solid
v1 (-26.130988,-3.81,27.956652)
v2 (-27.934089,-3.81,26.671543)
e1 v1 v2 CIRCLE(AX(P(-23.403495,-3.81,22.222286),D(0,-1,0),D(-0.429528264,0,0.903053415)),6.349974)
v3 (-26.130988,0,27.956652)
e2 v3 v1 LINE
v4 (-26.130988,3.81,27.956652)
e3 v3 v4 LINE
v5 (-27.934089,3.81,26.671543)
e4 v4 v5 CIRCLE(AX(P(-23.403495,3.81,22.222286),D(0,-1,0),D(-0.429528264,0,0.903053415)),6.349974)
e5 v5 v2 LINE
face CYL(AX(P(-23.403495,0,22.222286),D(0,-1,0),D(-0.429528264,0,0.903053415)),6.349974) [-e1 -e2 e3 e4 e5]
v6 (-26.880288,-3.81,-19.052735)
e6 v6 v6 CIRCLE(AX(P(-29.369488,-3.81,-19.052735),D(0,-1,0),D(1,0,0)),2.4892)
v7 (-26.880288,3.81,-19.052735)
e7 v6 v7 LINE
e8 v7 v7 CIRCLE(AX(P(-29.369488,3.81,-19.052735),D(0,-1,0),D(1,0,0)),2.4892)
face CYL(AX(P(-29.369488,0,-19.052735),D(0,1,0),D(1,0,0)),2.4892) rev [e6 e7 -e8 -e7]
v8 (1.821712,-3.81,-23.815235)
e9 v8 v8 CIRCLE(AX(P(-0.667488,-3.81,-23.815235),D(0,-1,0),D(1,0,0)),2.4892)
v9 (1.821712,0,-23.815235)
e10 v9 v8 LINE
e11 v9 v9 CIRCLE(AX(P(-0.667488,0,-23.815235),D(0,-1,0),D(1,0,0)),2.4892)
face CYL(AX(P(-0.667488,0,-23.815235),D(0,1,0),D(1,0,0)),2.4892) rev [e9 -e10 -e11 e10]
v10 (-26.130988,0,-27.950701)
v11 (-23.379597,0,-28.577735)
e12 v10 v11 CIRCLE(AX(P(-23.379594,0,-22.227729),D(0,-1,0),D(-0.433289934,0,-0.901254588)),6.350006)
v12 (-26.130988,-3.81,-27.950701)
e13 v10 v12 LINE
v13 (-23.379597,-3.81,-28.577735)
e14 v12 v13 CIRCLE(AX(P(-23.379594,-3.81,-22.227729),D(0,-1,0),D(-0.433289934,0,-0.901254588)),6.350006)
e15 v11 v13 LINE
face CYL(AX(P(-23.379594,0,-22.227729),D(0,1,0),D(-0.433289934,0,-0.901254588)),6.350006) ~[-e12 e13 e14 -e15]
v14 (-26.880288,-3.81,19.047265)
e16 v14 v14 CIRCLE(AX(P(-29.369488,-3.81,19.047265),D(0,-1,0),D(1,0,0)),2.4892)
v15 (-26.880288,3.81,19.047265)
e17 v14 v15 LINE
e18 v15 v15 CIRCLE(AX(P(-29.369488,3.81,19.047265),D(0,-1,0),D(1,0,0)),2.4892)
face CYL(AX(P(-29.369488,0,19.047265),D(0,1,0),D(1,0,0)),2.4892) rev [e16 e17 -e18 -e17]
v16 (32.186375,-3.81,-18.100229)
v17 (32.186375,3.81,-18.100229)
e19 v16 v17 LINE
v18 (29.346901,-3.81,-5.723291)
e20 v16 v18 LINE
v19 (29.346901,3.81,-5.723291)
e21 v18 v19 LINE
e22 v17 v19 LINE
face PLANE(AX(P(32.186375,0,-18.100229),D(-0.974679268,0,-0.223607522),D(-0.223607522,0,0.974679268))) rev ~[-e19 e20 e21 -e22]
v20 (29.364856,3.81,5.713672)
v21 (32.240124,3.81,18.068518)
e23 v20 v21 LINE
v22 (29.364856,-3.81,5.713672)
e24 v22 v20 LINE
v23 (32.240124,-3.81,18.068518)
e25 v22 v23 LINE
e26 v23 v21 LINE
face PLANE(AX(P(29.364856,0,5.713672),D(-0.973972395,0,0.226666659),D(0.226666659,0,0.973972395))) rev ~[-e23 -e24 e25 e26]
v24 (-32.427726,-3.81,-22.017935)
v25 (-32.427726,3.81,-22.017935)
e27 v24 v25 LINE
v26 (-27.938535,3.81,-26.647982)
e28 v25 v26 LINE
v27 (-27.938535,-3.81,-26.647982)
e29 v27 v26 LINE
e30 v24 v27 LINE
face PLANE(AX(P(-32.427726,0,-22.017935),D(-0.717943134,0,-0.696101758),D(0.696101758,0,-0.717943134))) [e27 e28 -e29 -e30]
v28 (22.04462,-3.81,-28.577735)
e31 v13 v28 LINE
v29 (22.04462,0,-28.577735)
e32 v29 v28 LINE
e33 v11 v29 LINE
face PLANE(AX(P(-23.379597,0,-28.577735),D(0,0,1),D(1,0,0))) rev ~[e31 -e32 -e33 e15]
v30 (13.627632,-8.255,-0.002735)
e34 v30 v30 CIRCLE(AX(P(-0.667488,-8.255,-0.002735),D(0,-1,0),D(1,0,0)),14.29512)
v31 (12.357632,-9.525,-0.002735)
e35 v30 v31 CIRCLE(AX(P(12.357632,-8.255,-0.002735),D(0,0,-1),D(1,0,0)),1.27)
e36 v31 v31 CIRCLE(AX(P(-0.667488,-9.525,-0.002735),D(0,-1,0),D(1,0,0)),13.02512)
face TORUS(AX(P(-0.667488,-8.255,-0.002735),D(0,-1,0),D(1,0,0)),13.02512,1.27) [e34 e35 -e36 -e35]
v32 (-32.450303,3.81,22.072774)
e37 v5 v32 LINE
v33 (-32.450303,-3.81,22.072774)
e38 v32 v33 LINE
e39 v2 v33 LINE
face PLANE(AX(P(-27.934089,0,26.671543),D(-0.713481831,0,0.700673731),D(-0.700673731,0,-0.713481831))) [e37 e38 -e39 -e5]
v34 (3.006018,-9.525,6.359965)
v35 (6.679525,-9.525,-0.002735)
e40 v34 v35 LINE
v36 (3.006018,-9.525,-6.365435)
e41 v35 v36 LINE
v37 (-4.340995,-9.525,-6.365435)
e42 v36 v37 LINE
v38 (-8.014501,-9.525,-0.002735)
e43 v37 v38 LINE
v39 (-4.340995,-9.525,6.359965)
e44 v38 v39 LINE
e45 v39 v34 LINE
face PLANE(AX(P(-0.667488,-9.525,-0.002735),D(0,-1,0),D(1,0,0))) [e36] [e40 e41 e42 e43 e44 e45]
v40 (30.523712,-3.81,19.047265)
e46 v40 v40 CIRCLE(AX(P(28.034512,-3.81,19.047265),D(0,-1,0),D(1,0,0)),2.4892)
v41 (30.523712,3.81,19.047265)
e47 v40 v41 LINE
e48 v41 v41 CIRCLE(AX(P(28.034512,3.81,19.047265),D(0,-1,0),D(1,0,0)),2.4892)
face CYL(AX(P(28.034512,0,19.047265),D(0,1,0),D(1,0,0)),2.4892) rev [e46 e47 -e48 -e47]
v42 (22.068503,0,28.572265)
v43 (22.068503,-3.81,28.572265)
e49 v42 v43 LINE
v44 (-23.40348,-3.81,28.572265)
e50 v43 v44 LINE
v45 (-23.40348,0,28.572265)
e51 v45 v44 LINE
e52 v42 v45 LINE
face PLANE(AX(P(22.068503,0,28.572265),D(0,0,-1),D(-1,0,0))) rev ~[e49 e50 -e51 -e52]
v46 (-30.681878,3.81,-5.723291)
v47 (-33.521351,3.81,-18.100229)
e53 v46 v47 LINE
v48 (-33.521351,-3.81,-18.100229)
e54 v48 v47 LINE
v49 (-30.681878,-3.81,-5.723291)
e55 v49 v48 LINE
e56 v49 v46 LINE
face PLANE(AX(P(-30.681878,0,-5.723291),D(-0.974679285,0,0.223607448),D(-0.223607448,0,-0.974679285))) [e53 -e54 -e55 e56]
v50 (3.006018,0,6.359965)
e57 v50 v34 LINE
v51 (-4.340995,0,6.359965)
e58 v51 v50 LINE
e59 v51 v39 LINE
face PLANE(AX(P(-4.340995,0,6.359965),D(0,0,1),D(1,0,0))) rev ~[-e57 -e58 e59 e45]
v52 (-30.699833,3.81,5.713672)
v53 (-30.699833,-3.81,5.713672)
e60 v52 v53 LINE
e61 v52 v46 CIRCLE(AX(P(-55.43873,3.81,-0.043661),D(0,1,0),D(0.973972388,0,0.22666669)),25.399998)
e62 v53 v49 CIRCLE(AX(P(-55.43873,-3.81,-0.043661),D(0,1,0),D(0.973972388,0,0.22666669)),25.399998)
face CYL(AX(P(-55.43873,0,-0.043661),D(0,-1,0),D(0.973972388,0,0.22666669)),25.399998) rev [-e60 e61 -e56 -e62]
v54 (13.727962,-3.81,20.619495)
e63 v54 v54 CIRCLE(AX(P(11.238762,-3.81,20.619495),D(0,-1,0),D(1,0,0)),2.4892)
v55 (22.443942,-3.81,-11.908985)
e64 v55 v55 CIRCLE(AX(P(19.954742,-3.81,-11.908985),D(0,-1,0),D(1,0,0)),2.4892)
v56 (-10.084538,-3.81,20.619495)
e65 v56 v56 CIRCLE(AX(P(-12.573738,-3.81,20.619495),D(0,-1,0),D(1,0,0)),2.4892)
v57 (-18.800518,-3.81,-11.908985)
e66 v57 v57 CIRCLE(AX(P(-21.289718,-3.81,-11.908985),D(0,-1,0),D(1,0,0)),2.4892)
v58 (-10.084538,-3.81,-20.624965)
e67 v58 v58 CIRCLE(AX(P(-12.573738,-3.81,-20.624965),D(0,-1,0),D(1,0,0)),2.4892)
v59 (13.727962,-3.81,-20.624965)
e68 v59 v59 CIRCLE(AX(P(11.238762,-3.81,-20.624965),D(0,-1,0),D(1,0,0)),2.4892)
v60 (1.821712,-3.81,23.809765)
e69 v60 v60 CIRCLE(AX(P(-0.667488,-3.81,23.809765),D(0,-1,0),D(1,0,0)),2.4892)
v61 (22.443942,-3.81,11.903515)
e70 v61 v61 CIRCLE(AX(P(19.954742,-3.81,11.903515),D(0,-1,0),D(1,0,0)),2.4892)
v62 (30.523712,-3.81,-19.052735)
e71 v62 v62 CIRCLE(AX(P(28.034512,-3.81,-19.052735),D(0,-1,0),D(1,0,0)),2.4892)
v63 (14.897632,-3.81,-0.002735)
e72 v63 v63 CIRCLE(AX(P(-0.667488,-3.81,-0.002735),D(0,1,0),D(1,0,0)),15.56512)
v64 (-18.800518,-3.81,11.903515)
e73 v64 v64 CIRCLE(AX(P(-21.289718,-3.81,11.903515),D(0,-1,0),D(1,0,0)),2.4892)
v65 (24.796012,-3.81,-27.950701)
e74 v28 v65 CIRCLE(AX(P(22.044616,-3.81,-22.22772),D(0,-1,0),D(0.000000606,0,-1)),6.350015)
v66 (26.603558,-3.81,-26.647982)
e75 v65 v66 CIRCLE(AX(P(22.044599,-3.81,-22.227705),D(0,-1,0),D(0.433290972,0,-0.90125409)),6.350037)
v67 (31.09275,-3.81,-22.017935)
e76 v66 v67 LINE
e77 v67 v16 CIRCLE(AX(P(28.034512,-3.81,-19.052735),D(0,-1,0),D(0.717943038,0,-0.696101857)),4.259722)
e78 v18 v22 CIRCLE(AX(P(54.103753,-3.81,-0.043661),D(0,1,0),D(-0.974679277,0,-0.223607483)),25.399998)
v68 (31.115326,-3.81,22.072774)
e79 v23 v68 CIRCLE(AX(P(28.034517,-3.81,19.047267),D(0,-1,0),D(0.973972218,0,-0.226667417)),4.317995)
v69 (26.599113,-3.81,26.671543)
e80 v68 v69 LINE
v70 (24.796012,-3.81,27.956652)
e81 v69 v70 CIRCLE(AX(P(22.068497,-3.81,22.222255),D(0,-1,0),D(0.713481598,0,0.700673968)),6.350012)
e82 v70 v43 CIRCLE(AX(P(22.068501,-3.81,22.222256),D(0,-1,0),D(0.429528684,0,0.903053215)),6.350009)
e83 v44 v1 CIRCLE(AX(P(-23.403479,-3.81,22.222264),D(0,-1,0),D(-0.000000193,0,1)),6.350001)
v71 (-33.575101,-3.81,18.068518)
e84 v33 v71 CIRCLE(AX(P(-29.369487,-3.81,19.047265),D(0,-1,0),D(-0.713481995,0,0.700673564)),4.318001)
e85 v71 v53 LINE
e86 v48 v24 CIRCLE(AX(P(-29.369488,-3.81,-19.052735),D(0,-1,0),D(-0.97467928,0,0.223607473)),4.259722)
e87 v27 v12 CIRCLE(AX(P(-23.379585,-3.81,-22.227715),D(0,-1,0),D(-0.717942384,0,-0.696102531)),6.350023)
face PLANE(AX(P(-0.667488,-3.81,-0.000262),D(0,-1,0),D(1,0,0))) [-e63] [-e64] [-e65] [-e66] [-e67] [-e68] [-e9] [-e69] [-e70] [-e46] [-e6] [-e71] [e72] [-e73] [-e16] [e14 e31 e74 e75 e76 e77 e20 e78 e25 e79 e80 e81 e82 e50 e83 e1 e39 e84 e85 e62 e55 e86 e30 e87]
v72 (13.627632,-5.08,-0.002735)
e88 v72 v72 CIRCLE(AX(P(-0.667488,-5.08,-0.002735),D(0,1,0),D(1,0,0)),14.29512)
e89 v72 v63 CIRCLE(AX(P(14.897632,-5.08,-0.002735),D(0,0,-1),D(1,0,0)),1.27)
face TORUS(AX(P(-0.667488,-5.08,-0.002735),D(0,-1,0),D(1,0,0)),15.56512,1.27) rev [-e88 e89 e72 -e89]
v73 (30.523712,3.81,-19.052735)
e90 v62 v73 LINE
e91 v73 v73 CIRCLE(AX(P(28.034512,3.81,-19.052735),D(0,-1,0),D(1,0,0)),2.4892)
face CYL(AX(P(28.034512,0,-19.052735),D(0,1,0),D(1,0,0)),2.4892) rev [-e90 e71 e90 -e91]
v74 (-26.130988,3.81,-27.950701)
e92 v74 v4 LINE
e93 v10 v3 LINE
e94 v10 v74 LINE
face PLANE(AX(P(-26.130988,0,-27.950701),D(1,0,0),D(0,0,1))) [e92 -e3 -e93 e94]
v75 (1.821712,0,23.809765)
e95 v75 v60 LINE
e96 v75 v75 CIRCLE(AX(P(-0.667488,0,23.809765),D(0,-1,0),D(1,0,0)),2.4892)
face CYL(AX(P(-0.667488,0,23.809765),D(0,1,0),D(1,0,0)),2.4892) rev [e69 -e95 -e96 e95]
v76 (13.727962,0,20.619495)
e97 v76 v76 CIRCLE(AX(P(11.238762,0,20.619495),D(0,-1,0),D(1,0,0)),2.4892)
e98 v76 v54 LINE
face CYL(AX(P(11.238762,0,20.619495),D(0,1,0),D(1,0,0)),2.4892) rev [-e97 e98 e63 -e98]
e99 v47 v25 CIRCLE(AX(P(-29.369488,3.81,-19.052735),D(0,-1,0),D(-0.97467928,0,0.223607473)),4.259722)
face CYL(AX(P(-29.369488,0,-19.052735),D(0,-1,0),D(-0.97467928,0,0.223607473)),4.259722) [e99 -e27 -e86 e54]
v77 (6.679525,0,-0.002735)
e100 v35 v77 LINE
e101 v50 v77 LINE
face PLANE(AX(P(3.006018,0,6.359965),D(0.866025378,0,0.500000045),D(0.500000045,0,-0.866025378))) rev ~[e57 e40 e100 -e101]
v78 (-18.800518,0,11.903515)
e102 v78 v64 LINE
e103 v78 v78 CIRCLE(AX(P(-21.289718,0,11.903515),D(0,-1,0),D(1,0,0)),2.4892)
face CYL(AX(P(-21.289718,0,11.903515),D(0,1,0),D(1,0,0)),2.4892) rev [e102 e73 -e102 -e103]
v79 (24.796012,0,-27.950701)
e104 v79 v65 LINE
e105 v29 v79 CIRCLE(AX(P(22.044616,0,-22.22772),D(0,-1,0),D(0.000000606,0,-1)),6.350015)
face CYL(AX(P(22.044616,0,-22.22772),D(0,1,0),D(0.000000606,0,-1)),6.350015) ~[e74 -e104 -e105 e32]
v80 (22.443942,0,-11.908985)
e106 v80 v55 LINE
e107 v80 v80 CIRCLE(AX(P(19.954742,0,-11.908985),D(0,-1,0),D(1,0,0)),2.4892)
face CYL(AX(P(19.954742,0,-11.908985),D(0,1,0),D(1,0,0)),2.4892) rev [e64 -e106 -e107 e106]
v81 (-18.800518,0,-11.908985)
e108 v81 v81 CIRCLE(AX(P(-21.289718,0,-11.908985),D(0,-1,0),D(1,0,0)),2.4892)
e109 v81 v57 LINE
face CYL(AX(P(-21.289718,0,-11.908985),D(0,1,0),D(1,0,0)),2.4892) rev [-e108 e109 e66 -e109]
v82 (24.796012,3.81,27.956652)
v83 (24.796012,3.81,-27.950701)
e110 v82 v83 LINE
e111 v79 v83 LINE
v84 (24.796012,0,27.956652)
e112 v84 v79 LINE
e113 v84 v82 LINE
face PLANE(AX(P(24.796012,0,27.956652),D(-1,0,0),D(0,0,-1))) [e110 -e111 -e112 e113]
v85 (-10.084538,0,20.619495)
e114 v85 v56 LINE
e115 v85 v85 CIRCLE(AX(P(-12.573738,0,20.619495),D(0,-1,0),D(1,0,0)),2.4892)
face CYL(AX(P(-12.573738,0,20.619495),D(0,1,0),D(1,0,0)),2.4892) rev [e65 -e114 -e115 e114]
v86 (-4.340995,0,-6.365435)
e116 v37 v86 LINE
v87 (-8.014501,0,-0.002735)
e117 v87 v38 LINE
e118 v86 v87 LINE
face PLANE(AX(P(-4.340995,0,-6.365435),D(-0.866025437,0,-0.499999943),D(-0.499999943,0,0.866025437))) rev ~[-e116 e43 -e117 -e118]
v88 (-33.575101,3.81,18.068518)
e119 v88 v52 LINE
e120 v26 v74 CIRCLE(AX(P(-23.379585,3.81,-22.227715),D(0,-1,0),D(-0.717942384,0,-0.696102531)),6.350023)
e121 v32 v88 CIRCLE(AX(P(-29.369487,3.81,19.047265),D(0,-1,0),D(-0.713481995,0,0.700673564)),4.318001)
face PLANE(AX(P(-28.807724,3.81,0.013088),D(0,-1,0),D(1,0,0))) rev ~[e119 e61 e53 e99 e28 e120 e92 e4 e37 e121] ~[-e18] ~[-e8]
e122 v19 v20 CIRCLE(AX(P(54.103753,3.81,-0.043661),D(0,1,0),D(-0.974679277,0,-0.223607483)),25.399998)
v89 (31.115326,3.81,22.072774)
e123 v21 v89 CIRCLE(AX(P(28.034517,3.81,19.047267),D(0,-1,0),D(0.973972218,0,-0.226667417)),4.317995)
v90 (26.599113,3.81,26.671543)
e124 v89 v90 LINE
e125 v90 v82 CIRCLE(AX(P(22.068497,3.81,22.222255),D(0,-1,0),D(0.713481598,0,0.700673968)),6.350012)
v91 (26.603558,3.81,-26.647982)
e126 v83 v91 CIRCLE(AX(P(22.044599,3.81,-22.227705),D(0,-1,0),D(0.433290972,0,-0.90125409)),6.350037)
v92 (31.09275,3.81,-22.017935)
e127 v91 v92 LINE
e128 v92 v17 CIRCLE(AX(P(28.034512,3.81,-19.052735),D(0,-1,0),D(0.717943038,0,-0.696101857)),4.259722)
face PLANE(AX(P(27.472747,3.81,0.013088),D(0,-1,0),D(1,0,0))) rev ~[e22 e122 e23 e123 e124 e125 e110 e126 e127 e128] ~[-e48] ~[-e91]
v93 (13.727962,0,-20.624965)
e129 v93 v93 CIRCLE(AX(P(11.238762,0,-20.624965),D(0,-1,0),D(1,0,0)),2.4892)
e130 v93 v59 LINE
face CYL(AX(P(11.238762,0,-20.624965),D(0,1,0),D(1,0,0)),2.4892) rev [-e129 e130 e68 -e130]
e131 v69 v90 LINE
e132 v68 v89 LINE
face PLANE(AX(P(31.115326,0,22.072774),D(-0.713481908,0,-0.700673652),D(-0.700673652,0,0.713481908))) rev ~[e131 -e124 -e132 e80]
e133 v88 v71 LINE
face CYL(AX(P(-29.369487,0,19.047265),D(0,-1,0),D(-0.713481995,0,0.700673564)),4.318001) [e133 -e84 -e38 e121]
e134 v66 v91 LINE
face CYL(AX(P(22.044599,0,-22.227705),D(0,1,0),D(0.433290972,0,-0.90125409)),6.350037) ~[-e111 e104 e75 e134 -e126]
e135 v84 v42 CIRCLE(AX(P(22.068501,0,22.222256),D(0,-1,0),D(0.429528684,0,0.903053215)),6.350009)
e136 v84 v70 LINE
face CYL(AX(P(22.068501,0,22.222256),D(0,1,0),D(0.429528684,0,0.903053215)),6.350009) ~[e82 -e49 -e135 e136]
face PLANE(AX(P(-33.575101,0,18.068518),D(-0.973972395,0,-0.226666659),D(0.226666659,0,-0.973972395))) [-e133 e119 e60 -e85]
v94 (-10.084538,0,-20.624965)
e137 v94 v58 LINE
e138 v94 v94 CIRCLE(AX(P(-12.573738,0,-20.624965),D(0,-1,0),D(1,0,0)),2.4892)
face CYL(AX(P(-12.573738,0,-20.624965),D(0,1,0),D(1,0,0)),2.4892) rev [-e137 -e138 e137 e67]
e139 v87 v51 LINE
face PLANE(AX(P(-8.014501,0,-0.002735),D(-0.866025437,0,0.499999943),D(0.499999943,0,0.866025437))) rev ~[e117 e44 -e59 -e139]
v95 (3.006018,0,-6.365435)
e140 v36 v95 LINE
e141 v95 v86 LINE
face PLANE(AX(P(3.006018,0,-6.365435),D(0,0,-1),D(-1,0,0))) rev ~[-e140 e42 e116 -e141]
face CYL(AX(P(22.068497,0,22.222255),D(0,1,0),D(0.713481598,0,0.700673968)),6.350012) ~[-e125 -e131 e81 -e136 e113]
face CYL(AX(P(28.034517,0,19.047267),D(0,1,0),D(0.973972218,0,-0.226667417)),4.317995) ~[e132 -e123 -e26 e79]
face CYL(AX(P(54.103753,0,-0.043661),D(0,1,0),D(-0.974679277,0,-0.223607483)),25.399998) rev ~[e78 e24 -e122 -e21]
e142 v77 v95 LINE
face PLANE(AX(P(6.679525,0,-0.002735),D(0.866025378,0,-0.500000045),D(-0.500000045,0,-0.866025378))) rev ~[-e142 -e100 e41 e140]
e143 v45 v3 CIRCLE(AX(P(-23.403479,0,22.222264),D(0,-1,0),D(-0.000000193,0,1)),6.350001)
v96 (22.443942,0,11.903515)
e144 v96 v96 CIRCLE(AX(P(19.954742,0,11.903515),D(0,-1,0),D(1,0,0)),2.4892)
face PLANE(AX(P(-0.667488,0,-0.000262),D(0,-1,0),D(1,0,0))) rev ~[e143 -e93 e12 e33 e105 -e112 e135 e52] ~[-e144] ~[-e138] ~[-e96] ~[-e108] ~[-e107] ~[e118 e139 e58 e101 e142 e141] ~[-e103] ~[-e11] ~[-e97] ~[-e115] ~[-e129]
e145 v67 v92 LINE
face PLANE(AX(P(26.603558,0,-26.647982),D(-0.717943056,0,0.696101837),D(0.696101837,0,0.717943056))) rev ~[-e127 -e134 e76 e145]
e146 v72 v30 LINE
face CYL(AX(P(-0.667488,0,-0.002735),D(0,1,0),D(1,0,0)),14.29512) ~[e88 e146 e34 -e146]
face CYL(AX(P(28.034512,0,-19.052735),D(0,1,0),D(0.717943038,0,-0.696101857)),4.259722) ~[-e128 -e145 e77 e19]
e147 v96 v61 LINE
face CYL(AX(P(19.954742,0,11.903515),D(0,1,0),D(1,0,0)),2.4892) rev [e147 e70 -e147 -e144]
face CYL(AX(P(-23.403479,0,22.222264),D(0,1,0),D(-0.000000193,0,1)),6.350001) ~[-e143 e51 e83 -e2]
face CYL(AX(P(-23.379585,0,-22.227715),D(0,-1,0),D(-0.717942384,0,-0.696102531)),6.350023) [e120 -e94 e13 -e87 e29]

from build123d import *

# Parameters (mm, degrees)
F0_R     = 2.4892
F0_R_2   = 14.29512
F1_DEPTH = 3.81
F2_DEPTH = 9.525
F3_DEPTH = 3.81
F4_R     = 1.27
F5_R     = 1.27


with BuildPart() as f1:
    # F0 (on Front) → F1 (new body)
    with BuildSketch(Plane.XZ):
        with BuildLine():
            Line((22.068503, 28.572265), (-23.40348, 28.572265))
            ThreePointArc((-23.40348, 28.572265), (-24.801539, 28.41645), (-26.130988, 27.956652))
            Line((-26.130988, 27.956652), (-26.130988, -27.950701))
            ThreePointArc((-26.130988, -27.950701), (-24.790565, -28.418992), (-23.379597, -28.577735))
            Line((-23.379597, -28.577735), (22.04462, -28.577735))
            ThreePointArc((22.04462, -28.577735), (23.455588, -28.418992), (24.796012, -27.950701))
            Line((24.796012, -27.950701), (24.796012, 27.956652))
            ThreePointArc((24.796012, 27.956652), (23.466562, 28.41645), (22.068503, 28.572265))
        make_face()
        with Locations((-12.573738, -20.624965)):
            Circle(F0_R, mode=Mode.SUBTRACT)
        with Locations((-21.289718, -11.908985)):
            Circle(F0_R, mode=Mode.SUBTRACT)
        with Locations((-0.667488, -23.815235)):
            Circle(F0_R, mode=Mode.SUBTRACT)
        with Locations((11.238762, -20.624965)):
            Circle(F0_R, mode=Mode.SUBTRACT)
        with Locations((-0.667488, -0.002735)):
            Circle(F0_R_2, mode=Mode.SUBTRACT)
        with Locations((19.954742, -11.908985)):
            Circle(F0_R, mode=Mode.SUBTRACT)
        with Locations((-21.289718, 11.903515)):
            Circle(F0_R, mode=Mode.SUBTRACT)
        with Locations((-12.573738, 20.619495)):
            Circle(F0_R, mode=Mode.SUBTRACT)
        with Locations((-0.667488, 23.809765)):
            Circle(F0_R, mode=Mode.SUBTRACT)
        with Locations((19.954742, 11.903515)):
            Circle(F0_R, mode=Mode.SUBTRACT)
        with Locations((11.238762, 20.619495)):
            Circle(F0_R, mode=Mode.SUBTRACT)
        with Locations((-0.667488, -0.002735)):
            Circle(F0_R_2)
        Polygon((-8.014501, -0.002735), (-4.340995, 6.359965), (3.006018, 6.359965), (6.679525, -0.002735), (3.006018, -6.365435), (-4.340995, -6.365435), align=None, mode=Mode.SUBTRACT)
        with BuildLine():
            ThreePointArc((26.599113, 26.671543), (25.754008, 27.393295), (24.796012, 27.956652))
            Line((24.796012, 27.956652), (24.796012, -27.950701))
            ThreePointArc((24.796012, -27.950701), (25.757368, -27.379239), (26.603558, -26.647982))
            Line((26.603558, -26.647982), (31.09275, -22.017935))
            ThreePointArc((31.09275, -22.017935), (32.137376, -20.198047), (32.186375, -18.100229))
            Line((32.186375, -18.100229), (29.346901, -5.723291))
            ThreePointArc((29.346901, -5.723291), (28.703786, -0.003786), (29.364856, 5.713672))
            Line((29.364856, 5.713672), (32.240124, 18.068518))
            ThreePointArc((32.240124, 18.068518), (32.191617, 20.214999), (31.115326, 22.072774))
            Line((31.115326, 22.072774), (26.599113, 26.671543))
        make_face()
        with Locations((28.034512, -19.052735)):
            Circle(F0_R, mode=Mode.SUBTRACT)
        with Locations((28.034512, 19.047265)):
            Circle(F0_R, mode=Mode.SUBTRACT)
        with BuildLine():
            Line((-26.130988, -27.950701), (-26.130988, 27.956652))
            ThreePointArc((-26.130988, 27.956652), (-27.088985, 27.393295), (-27.934089, 26.671543))
            Line((-27.934089, 26.671543), (-32.450303, 22.072774))
            ThreePointArc((-32.450303, 22.072774), (-33.526593, 20.214999), (-33.575101, 18.068518))
            Line((-33.575101, 18.068518), (-30.699833, 5.713672))
            ThreePointArc((-30.699833, 5.713672), (-30.038763, -0.003786), (-30.681878, -5.723291))
            Line((-30.681878, -5.723291), (-33.521351, -18.100229))
            ThreePointArc((-33.521351, -18.100229), (-33.472352, -20.198047), (-32.427726, -22.017935))
            Line((-32.427726, -22.017935), (-27.938535, -26.647982))
            ThreePointArc((-27.938535, -26.647982), (-27.092345, -27.379239), (-26.130988, -27.950701))
        make_face()
        with Locations((-29.369488, -19.052735)):
            Circle(F0_R, mode=Mode.SUBTRACT)
        with Locations((-29.369488, 19.047265)):
            Circle(F0_R, mode=Mode.SUBTRACT)
    extrude(amount=F1_DEPTH)

    # F0 (on Front) → F2 (join)
    with BuildSketch(Plane.XZ):
        with Locations((-0.667488, -0.002735)):
            Circle(F0_R_2)
        Polygon((-8.014501, -0.002735), (-4.340995, 6.359965), (3.006018, 6.359965), (6.679525, -0.002735), (3.006018, -6.365435), (-4.340995, -6.365435), align=None, mode=Mode.SUBTRACT)
    extrude(amount=F2_DEPTH)

    # F0 (on Front) → F3 (join)
    with BuildSketch(Plane.XZ):
        with BuildLine():
            Line((-26.130988, -27.950701), (-26.130988, 27.956652))
            ThreePointArc((-26.130988, 27.956652), (-27.088985, 27.393295), (-27.934089, 26.671543))
            Line((-27.934089, 26.671543), (-32.450303, 22.072774))
            ThreePointArc((-32.450303, 22.072774), (-33.526593, 20.214999), (-33.575101, 18.068518))
            Line((-33.575101, 18.068518), (-30.699833, 5.713672))
            ThreePointArc((-30.699833, 5.713672), (-30.038763, -0.003786), (-30.681878, -5.723291))
            Line((-30.681878, -5.723291), (-33.521351, -18.100229))
            ThreePointArc((-33.521351, -18.100229), (-33.472352, -20.198047), (-32.427726, -22.017935))
            Line((-32.427726, -22.017935), (-27.938535, -26.647982))
            ThreePointArc((-27.938535, -26.647982), (-27.092345, -27.379239), (-26.130988, -27.950701))
        make_face()
        with Locations((-29.369488, -19.052735)):
            Circle(F0_R, mode=Mode.SUBTRACT)
        with Locations((-29.369488, 19.047265)):
            Circle(F0_R, mode=Mode.SUBTRACT)
        with BuildLine():
            ThreePointArc((26.599113, 26.671543), (25.754008, 27.393295), (24.796012, 27.956652))
            Line((24.796012, 27.956652), (24.796012, -27.950701))
            ThreePointArc((24.796012, -27.950701), (25.757368, -27.379239), (26.603558, -26.647982))
            Line((26.603558, -26.647982), (31.09275, -22.017935))
            ThreePointArc((31.09275, -22.017935), (32.137376, -20.198047), (32.186375, -18.100229))
            Line((32.186375, -18.100229), (29.346901, -5.723291))
            ThreePointArc((29.346901, -5.723291), (28.703786, -0.003786), (29.364856, 5.713672))
            Line((29.364856, 5.713672), (32.240124, 18.068518))
            ThreePointArc((32.240124, 18.068518), (32.191617, 20.214999), (31.115326, 22.072774))
            Line((31.115326, 22.072774), (26.599113, 26.671543))
        make_face()
        with Locations((28.034512, -19.052735)):
            Circle(F0_R, mode=Mode.SUBTRACT)
        with Locations((28.034512, 19.047265)):
            Circle(F0_R, mode=Mode.SUBTRACT)
    extrude(amount=-F3_DEPTH)

    # F4
    f4_edges = [f1.edges().sort_by_distance(p)[0] for p in [
        (-14.962608, -9.525, -0.002735),
    ]]
    fillet(f4_edges, radius=F4_R)

    # F5
    f5_edges = [f1.edges().sort_by_distance(p)[0] for p in [
        (-14.962608, -3.81, -0.002735),
    ]]
    fillet(f5_edges, radius=F5_R)


solid = f1.part
